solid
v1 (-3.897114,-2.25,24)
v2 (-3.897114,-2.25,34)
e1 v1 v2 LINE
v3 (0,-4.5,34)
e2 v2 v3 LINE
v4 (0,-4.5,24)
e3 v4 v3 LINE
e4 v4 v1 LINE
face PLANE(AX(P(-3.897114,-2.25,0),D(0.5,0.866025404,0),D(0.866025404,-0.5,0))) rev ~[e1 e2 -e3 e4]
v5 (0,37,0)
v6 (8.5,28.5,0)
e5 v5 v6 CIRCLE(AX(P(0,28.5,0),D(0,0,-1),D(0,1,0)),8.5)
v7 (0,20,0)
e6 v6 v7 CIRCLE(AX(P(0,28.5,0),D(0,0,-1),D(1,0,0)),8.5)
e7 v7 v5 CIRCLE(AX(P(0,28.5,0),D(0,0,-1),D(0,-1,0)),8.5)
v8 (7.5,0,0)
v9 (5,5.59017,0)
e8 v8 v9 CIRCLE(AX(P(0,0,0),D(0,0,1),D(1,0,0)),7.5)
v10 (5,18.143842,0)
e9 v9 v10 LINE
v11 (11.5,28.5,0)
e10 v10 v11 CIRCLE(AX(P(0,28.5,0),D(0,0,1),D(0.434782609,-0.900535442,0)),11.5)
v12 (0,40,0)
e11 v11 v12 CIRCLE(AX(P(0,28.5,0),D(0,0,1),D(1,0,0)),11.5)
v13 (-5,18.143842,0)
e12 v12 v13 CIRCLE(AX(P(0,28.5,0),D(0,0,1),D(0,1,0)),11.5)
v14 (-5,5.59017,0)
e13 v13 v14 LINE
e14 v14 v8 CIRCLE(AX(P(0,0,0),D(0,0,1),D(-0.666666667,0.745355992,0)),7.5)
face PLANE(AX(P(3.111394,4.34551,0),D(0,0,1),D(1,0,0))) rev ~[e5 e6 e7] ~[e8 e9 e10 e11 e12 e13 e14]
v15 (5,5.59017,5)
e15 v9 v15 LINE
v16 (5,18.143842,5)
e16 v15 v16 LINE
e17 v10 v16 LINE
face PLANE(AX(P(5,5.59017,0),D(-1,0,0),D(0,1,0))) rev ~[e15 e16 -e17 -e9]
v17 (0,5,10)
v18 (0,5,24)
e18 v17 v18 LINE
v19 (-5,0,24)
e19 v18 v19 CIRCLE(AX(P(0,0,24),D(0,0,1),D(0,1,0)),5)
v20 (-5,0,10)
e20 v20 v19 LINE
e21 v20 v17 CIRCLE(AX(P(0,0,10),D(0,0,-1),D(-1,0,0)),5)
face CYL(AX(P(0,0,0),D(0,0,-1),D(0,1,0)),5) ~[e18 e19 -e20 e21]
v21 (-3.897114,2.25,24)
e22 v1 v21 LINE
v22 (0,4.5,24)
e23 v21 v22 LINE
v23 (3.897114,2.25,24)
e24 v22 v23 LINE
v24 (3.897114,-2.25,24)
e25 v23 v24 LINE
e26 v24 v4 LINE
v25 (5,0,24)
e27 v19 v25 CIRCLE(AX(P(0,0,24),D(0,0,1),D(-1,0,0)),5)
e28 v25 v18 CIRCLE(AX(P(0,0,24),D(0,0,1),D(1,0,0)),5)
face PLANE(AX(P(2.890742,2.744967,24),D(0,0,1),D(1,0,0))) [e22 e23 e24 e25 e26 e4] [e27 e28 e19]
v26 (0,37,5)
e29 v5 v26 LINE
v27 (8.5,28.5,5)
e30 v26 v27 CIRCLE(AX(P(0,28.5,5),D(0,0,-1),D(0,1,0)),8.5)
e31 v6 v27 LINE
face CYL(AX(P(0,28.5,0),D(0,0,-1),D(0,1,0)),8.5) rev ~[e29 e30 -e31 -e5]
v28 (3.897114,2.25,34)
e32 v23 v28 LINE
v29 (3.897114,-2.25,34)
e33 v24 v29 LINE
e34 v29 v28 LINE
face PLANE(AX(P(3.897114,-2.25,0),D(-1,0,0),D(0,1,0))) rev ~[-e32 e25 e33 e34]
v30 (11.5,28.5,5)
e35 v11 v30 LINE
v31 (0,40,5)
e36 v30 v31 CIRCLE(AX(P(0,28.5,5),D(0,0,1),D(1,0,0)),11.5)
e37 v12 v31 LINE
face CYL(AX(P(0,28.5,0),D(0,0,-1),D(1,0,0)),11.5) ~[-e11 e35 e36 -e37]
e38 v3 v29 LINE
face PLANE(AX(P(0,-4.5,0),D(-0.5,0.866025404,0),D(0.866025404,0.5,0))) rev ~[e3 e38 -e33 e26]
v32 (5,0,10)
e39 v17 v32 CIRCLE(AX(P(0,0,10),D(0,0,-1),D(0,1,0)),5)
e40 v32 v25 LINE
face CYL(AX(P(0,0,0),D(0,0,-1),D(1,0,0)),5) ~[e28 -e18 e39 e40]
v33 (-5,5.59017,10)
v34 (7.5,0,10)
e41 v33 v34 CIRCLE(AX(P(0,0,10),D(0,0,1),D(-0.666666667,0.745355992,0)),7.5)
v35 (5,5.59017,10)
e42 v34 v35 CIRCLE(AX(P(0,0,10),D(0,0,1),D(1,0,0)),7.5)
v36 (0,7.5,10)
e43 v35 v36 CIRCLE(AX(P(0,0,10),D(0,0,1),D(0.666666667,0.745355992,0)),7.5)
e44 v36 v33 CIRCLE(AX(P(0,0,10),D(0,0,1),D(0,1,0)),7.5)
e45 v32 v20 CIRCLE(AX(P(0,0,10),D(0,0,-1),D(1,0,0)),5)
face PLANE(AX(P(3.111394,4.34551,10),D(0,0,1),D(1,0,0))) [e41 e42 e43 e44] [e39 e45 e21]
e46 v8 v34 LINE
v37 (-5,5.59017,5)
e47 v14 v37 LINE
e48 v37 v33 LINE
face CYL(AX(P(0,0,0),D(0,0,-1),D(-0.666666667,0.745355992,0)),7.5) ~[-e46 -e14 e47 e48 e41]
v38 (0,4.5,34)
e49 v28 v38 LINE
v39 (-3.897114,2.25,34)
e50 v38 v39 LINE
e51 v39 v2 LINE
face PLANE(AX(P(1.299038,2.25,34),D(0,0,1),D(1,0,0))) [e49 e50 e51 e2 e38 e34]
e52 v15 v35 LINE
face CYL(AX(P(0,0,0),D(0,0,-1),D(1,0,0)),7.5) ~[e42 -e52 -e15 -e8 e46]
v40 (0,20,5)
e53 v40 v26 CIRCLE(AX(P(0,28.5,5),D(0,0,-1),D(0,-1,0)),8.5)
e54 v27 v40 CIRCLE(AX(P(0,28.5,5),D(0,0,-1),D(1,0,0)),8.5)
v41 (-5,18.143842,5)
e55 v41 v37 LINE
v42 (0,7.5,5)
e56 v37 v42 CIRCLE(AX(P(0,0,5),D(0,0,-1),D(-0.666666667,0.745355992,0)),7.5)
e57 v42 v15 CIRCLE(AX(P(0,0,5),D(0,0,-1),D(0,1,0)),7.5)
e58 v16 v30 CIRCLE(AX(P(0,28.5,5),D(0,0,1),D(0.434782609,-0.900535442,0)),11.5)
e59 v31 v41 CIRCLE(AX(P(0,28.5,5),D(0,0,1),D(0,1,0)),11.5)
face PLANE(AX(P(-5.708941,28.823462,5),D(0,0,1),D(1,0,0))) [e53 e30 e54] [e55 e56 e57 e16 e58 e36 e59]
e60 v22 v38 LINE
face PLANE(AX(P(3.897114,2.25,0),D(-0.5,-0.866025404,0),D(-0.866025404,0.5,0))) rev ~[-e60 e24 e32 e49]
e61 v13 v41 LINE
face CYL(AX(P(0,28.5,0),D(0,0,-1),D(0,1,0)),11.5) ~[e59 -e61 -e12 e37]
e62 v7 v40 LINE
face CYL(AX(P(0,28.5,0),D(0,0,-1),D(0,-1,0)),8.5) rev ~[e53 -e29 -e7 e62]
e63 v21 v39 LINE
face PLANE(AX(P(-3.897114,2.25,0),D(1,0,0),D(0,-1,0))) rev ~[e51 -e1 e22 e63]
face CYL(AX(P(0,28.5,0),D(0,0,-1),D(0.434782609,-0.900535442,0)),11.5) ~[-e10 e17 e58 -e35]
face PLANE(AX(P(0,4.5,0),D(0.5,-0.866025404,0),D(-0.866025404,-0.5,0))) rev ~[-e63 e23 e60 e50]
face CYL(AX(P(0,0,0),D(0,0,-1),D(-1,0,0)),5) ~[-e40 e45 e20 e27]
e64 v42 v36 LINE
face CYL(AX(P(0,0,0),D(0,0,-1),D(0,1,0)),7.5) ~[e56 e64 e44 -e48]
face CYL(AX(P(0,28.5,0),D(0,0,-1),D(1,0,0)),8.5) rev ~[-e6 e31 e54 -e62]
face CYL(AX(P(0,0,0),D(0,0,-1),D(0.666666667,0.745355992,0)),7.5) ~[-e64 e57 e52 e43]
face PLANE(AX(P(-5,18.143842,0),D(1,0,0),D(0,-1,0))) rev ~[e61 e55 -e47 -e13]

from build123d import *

# Parameters (mm, degrees)
F1_DEPTH = 5
F2_DEPTH = 10
F3_DEPTH = 24
F4_DEPTH = 34


with BuildPart() as f1:
    # F0 (on Top) → F1 (new body)
    with BuildSketch(Plane.XY):
        with BuildLine():
            ThreePointArc((0, 40), (-11.2103927734, 31.0645845405), (-5, 18.1438424114))
            Line((-5, 18.1438424114), (-5, 19.8613982648))
            Line((-5, 19.8613982648), (0, 19.8613982648))
            Line((0, 19.8613982648), (0, 20))
            ThreePointArc((0, 20), (-8.5, 28.5), (0, 37))
            Line((0, 37), (0, 40))
        make_face()
        with BuildLine():
            Line((5, 19.8613982648), (5, 18.1438424114))
            ThreePointArc((5, 18.1438424114), (9.7403798694, 22.3864903697), (11.5, 28.5))
            ThreePointArc((11.5, 28.5), (8.1317279836, 36.6317279836), (0, 40))
            Line((0, 40), (0, 37))
            ThreePointArc((0, 37), (6.0104076401, 34.5104076401), (8.5, 28.5))
            ThreePointArc((8.5, 28.5), (6.0104076401, 22.4895923599), (0, 20))
            Line((0, 20), (0, 19.8613982648))
            Line((0, 19.8613982648), (5, 19.8613982648))
        make_face()
        with BuildLine():
            ThreePointArc((0, 17), (2.5645845405, 17.2896072266), (5, 18.1438424114))
            Line((5, 18.1438424114), (5, 19.8613982648))
            Line((5, 19.8613982648), (0, 19.8613982648))
            Line((0, 19.8613982648), (0, 17))
        make_face()
        with BuildLine():
            Line((-5, 19.8613982648), (-5, 18.1438424114))
            ThreePointArc((-5, 18.1438424114), (-2.5645845405, 17.2896072266), (0, 17))
            Line((0, 17), (0, 19.8613982648))
            Line((0, 19.8613982648), (-5, 19.8613982648))
        make_face()
        with BuildLine():
            Line((-5, 18.1438424114), (-5, 5.5901699437))
            ThreePointArc((-5, 5.5901699437), (-2.6761656733, 7.0062926922), (0, 7.5))
            Line((0, 7.5), (0, 17))
            ThreePointArc((0, 17), (-2.5645845405, 17.2896072266), (-5, 18.1438424114))
        make_face()
        with BuildLine():
            ThreePointArc((0, 7.5), (2.6761656733, 7.0062926922), (5, 5.5901699437))
            Line((5, 5.5901699437), (5, 18.1438424114))
            ThreePointArc((5, 18.1438424114), (2.5645845405, 17.2896072266), (0, 17))
            Line((0, 17), (0, 7.5))
        make_face()
    extrude(amount=F1_DEPTH)

    # F0 (on Top) → F2 (join)
    with BuildSketch(Plane.XY):
        with BuildLine():
            Line((5, 0), (5, 5.5901699437))
            ThreePointArc((5, 5.5901699437), (2.6761656733, 7.0062926922), (0, 7.5))
            Line((0, 7.5), (0, 5))
            ThreePointArc((0, 5), (3.5355339059, 3.5355339059), (5, 0))
        make_face()
        with BuildLine():
            ThreePointArc((-5, 5.5901699437), (-3.0618621785, -6.8465319688), (7.5, 0))
            ThreePointArc((7.5, 0), (6.8465319688, 3.0618621785), (5, 5.5901699437))
            Line((5, 5.5901699437), (5, 0))
            ThreePointArc((5, 0), (0, -5), (-5, 0))
            Line((-5, 0), (-5, 5.5901699437))
        make_face()
        with BuildLine():
            ThreePointArc((0, 7.5), (-2.6761656733, 7.0062926922), (-5, 5.5901699437))
            Line((-5, 5.5901699437), (-5, 0))
            ThreePointArc((-5, 0), (-3.5355339059, 3.5355339059), (0, 5))
            Line((0, 5), (0, 7.5))
        make_face()
    extrude(amount=F2_DEPTH)

    # F0 (on Top) → F3 (join)
    with BuildSketch(Plane.XY):
        with BuildLine():
            Line((3.897114317, 0), (5, 0))
            ThreePointArc((5, 0), (3.5355339059, 3.5355339059), (0, 5))
            Line((0, 5), (0, 4.5))
            Line((0, 4.5), (3.897114317, 2.25))
            Line((3.897114317, 2.25), (3.897114317, 0))
        make_face()
        with BuildLine():
            ThreePointArc((-5, 0), (0, -5), (5, 0))
            Line((5, 0), (3.897114317, 0))
            Line((3.897114317, 0), (3.897114317, -2.25))
            Line((3.897114317, -2.25), (0, -4.5))
            Line((0, -4.5), (-3.897114317, -2.25))
            Line((-3.897114317, -2.25), (-3.897114317, 0))
            Line((-3.897114317, 0), (-5, 0))
        make_face()
        with BuildLine():
            ThreePointArc((0, 5), (-3.5355339059, 3.5355339059), (-5, 0))
            Line((-5, 0), (-3.897114317, 0))
            Line((-3.897114317, 0), (-3.897114317, 2.25))
            Line((-3.897114317, 2.25), (0, 4.5))
            Line((0, 4.5), (0, 5))
        make_face()
    extrude(amount=F3_DEPTH)

    # F0 (on Top) → F4 (join)
    with BuildSketch(Plane.XY):
        Polygon((3.897114317, 2.25), (0, 4.5), (0, 0), align=None)
        Polygon((0, 0), (3.897114317, 0), (3.897114317, 2.25), align=None)
        Polygon((3.897114317, -2.25), (3.897114317, 0), (0, 0), align=None)
        Polygon((3.897114317, -2.25), (0, 0), (0, -4.5), align=None)
        Polygon((0, -4.5), (0, 0), (-3.897114317, -2.25), align=None)
        Polygon((0, 0), (-3.897114317, 0), (-3.897114317, -2.25), align=None)
        Polygon((-3.897114317, 2.25), (-3.897114317, 0), (0, 0), align=None)
        Polygon((0, 0), (0, 4.5), (-3.897114317, 2.25), align=None)
    extrude(amount=F4_DEPTH)


solid = f1.part
